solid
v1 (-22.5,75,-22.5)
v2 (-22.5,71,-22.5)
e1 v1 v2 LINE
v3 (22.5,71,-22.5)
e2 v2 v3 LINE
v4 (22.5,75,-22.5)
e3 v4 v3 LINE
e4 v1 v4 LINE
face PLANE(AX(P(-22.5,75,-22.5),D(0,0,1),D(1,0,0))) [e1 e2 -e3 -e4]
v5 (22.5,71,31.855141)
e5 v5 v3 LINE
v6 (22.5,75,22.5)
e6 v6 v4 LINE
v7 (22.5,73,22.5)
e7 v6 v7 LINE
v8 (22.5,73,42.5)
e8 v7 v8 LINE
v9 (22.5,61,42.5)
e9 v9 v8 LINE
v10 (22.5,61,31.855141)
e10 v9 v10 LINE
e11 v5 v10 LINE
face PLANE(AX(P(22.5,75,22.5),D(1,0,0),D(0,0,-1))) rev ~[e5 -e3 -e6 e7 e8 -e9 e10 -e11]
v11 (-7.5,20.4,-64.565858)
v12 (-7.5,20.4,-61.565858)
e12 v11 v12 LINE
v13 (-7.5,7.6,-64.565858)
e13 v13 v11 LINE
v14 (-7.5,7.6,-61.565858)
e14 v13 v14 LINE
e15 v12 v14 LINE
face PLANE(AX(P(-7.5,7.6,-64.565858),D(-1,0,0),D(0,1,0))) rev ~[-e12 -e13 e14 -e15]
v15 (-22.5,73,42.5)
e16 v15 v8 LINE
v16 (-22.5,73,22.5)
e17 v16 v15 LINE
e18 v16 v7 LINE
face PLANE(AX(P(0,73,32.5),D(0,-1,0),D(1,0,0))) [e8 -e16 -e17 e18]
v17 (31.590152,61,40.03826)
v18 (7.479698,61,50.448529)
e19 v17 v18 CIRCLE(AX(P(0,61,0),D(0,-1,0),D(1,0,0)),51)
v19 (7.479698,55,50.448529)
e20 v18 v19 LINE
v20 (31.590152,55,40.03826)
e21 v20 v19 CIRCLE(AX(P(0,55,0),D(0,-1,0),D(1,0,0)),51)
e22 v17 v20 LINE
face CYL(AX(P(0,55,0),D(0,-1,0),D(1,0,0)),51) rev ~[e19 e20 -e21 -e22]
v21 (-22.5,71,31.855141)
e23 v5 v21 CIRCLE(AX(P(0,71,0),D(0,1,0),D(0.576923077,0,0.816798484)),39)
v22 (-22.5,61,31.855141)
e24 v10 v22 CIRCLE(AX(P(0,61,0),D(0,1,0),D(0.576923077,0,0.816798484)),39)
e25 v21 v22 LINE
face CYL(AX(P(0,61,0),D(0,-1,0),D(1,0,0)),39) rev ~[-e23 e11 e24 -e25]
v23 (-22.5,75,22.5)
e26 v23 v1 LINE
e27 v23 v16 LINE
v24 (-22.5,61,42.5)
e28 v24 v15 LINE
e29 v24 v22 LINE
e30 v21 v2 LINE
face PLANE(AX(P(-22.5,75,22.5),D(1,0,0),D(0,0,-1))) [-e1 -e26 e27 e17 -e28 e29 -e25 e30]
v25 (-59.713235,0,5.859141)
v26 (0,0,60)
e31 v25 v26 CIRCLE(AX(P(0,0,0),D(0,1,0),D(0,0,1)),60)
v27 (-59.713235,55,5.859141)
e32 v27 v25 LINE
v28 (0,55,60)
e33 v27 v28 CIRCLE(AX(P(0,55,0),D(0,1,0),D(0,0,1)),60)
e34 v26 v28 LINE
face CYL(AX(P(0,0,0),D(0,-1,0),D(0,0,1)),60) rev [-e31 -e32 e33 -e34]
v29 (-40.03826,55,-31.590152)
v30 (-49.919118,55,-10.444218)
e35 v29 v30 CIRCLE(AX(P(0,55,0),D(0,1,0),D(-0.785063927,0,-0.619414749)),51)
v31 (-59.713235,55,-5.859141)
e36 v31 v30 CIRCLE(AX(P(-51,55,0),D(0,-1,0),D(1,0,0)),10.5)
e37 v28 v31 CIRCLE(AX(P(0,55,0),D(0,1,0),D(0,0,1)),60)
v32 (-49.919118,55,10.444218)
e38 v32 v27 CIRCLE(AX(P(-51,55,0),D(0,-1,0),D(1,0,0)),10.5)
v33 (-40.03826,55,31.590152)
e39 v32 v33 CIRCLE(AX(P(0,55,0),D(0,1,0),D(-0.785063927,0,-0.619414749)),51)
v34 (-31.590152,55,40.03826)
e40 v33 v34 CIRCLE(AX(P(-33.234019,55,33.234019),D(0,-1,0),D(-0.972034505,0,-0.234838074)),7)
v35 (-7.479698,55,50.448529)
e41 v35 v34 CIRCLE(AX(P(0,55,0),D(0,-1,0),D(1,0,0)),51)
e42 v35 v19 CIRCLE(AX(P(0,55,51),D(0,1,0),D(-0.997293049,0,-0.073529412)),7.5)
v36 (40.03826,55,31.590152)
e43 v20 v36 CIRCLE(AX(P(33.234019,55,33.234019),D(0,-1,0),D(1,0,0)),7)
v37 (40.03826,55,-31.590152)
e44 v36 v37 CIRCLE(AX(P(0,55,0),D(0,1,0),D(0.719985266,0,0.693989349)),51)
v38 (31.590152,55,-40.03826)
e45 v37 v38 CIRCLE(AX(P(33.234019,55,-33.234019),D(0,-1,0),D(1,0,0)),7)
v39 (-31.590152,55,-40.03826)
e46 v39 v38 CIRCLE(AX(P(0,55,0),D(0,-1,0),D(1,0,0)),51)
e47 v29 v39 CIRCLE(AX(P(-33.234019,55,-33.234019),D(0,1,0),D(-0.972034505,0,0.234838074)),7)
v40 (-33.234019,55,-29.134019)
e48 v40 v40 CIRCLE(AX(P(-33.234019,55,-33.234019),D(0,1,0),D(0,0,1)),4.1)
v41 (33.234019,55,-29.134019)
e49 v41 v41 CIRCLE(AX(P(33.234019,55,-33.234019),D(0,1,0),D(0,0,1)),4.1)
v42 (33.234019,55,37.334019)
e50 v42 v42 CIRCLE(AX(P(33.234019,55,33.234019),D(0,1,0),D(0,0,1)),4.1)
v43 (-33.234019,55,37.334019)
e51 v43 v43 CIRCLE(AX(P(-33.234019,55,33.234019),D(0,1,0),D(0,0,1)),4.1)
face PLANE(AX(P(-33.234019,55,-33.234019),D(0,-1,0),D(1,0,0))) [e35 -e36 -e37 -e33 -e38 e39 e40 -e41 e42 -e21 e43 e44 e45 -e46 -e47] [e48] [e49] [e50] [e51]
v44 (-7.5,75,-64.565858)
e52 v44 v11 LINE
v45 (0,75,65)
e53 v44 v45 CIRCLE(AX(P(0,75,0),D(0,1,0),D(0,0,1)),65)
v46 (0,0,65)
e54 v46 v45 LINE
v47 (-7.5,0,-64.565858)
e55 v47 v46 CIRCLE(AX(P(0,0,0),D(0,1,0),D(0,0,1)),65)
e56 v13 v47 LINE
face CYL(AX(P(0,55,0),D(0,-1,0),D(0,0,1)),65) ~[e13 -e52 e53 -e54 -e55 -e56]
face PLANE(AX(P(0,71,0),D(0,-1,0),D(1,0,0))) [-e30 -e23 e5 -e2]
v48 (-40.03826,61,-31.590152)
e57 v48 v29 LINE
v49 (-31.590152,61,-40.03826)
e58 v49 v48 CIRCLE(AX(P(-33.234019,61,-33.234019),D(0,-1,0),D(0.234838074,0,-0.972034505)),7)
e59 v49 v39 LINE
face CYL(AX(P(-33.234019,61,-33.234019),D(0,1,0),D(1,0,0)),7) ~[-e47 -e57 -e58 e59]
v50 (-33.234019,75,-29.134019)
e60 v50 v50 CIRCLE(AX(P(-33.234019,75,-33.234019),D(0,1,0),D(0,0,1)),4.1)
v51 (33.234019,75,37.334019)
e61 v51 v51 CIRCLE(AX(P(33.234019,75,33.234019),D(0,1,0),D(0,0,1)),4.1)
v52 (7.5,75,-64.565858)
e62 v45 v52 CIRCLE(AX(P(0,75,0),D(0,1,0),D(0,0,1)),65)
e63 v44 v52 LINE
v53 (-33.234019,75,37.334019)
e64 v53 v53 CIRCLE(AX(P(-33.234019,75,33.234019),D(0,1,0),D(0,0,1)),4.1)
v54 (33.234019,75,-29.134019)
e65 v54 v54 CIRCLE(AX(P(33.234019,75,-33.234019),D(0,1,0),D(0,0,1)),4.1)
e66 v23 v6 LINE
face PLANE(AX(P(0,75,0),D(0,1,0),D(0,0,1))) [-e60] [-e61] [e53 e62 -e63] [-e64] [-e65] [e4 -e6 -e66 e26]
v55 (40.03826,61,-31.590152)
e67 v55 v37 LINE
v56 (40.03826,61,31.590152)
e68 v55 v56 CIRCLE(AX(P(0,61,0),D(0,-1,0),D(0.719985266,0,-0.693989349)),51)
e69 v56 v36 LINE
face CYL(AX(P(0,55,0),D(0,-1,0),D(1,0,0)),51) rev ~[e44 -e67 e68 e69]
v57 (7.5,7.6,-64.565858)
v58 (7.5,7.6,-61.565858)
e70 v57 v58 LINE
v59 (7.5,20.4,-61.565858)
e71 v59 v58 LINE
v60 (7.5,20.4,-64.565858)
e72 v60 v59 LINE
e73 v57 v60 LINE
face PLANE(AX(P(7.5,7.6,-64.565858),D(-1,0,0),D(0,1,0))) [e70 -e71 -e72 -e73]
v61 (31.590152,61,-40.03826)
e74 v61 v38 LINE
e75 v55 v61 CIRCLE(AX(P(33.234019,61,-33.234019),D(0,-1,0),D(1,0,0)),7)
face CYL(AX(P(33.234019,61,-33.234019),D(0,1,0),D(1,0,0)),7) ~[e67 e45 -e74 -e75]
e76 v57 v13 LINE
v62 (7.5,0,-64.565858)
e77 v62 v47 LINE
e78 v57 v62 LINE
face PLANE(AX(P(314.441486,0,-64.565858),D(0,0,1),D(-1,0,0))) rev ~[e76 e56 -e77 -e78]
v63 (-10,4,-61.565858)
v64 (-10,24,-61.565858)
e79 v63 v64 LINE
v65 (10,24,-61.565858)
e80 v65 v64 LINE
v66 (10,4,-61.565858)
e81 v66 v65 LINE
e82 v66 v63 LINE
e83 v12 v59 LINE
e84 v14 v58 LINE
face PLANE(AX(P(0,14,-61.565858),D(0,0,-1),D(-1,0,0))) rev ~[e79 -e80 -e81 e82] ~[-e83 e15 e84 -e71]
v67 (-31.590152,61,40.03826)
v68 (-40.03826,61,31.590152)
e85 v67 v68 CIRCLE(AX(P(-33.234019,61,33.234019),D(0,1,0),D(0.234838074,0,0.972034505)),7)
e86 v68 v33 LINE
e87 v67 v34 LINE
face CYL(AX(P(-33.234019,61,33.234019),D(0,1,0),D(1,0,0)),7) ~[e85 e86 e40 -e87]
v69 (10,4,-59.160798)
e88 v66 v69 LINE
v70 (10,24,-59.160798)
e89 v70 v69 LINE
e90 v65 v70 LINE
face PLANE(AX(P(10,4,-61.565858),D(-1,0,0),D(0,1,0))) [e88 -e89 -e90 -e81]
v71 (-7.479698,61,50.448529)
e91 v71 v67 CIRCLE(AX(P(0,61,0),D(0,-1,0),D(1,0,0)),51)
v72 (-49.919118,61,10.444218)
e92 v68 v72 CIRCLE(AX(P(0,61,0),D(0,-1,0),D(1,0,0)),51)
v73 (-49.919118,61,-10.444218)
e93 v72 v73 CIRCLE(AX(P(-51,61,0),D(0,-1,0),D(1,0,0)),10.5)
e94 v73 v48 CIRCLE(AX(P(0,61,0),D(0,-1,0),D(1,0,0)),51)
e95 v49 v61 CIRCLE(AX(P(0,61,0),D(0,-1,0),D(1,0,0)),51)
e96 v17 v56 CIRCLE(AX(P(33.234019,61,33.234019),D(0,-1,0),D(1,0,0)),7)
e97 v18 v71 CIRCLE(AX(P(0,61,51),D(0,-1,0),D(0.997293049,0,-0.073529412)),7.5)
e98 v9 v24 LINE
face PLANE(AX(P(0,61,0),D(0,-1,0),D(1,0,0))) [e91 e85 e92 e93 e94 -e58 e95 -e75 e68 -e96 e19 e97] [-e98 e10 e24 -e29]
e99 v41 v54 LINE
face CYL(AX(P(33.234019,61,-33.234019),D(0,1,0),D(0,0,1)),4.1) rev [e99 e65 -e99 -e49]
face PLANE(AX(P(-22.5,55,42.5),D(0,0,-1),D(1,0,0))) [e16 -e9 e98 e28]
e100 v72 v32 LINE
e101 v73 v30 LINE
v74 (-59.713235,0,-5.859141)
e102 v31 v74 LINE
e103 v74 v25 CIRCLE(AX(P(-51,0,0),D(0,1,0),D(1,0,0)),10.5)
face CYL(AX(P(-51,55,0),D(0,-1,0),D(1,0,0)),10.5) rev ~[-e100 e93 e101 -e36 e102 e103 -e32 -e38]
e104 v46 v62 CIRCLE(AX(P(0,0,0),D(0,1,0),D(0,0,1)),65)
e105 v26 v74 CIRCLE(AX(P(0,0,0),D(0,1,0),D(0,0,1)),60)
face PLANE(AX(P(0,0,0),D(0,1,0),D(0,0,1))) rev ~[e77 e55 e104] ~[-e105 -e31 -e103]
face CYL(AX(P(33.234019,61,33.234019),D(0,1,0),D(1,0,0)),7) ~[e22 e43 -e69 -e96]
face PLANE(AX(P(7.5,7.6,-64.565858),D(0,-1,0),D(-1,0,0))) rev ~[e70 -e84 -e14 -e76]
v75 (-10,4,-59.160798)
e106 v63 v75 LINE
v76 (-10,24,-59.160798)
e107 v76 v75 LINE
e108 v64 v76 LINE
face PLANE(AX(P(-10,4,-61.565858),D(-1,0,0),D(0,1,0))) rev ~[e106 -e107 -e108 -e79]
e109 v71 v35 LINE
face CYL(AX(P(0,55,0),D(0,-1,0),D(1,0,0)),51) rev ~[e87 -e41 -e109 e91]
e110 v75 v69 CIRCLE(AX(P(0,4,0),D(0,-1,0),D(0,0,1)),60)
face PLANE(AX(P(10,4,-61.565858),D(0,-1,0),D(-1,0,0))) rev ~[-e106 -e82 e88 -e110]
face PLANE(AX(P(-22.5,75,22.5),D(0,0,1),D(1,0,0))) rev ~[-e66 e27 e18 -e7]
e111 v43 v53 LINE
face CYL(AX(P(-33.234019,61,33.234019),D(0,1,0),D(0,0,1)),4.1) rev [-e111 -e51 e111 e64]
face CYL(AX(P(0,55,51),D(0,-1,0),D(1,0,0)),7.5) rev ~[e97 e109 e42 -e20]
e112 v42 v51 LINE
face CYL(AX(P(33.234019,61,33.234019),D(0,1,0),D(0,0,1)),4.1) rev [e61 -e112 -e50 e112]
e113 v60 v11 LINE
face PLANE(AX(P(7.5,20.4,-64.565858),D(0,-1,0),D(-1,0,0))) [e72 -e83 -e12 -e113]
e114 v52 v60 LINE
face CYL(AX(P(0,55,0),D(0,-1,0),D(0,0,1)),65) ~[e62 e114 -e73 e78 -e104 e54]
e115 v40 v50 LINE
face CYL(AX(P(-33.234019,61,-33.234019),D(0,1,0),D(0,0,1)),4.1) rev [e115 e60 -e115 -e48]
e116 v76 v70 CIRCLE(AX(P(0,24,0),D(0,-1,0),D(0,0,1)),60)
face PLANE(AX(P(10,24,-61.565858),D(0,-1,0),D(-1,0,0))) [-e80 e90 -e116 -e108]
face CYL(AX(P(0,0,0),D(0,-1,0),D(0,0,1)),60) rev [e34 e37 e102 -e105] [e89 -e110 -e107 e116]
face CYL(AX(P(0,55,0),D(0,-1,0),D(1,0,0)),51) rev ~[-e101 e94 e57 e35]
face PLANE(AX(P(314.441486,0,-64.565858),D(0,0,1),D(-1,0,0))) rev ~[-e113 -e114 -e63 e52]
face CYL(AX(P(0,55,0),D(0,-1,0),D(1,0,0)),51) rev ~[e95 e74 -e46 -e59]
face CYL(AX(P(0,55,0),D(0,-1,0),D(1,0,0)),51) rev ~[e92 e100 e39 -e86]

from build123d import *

# Parameters (mm, degrees)
SKETCH1_R               = 65
SKETCH1_R_2             = 60
BOSS_EXTRUDE1_DEPTH     = 55
SKETCH2_R               = 65
BOSS_EXTRUDE2_DEPTH     = 20
SKETCH3_R               = 4.1
SKETCH3_W               = 45
SKETCH3_H               = 45
CUT_EXTRUDE1_DEPTH      = 76
SKETCH5_W               = 45
SKETCH5_H               = 20
CUT_EXTRUDE2_DEPTH      = 18
SKETCH6_R               = 51
CUT_EXTRUDE3_DEPTH      = 6
SKETCH7_R               = 7
SKETCH7_R_2             = 4.1
BOSS_EXTRUDE3_DEPTH     = 6
SKETCH8_R               = 39
CUT_EXTRUDE4_DEPTH      = 10
CUT_EXTRUDE5_DEPTH      = 1
CUT_EXTRUDE5_DEPTH_BACK = 76
SKETCH10_W              = 15
SKETCH10_H              = 12.8
CUT_EXTRUDE6_DEPTH      = 10
CUT_EXTRUDE7_START      = -3
SKETCH11_W              = 20
SKETCH11_H              = 20
CUT_EXTRUDE7_DEPTH      = 10
SKETCH12_R              = 7.5
CUT_EXTRUDE8_DEPTH      = 6
SKETCH13_R              = 10.5
CUT_EXTRUDE9_DEPTH      = 56
CUT_EXTRUDE9_DEPTH_BACK = 6


with BuildPart() as part:
    # Sketch1 → Boss-Extrude1 (new body)
    with BuildSketch(Plane(origin=(0, 0, 0), x_dir=(1, 0, 0), z_dir=(0, 1, 0))):
        with Locations(Location((0, 0, 0), (0, 0, 270))):  # turned: the seam where the file's is
            Circle(SKETCH1_R)
        with Locations(Location((0, 0, 0), (0, 0, 270))):  # turned: the seam where the file's is
            Circle(SKETCH1_R_2, mode=Mode.SUBTRACT)
    extrude(amount=BOSS_EXTRUDE1_DEPTH)

    # Sketch2 → Boss-Extrude2 (add)
    with BuildSketch(Plane(origin=(0, 55, 0), x_dir=(1, 0, 0), z_dir=(0, 1, 0))):
        with Locations(Location((0, 0, 0), (0, 0, 270))):  # turned: the seam where the file's is
            Circle(SKETCH2_R)
    extrude(amount=BOSS_EXTRUDE2_DEPTH)

    # Sketch3 → Cut-Extrude1 (cut, through all)
    with BuildSketch(Plane(origin=(0, 75, 0), x_dir=(1, 0, 0), z_dir=(0, 1, 0))):
        with Locations(Location((-33.234018716, -33.234018716, 0), (0, 0, 270))):  # turned: the seam where the file's is
            Circle(SKETCH3_R)
        with Locations(Location((-33.234018716, 33.234018716, 0), (0, 0, 270))):  # turned: the seam where the file's is
            Circle(SKETCH3_R)
        with Locations(Location((33.234018716, 33.234018716, 0), (0, 0, 270))):  # turned: the seam where the file's is
            Circle(SKETCH3_R)
        with Locations(Location((33.234018716, -33.234018716, 0), (0, 0, 270))):  # turned: the seam where the file's is
            Circle(SKETCH3_R)
        Rectangle(SKETCH3_W, SKETCH3_H)
    extrude(amount=-CUT_EXTRUDE1_DEPTH, mode=Mode.SUBTRACT)

    # Sketch5 → Cut-Extrude2 (cut)
    with BuildSketch(Plane.XZ.offset(-55)):
        with Locations((0, 32.5)):
            Rectangle(SKETCH5_W, SKETCH5_H)
    extrude(amount=-CUT_EXTRUDE2_DEPTH, mode=Mode.SUBTRACT)

    # Sketch6 → Cut-Extrude3 (cut)
    with BuildSketch(Plane.XZ.offset(-55)):
        Circle(SKETCH6_R)
    extrude(amount=-CUT_EXTRUDE3_DEPTH, mode=Mode.SUBTRACT)

    # Sketch7 → Boss-Extrude3 (add)
    with BuildSketch(Plane.XZ.offset(-61)):
        with Locations((-33.234018716, -33.234018716)):
            Circle(SKETCH7_R)
        with Locations(Location((-33.234018716, -33.234018716, 0), (0, 0, 90))):  # turned: the seam where the file's is
            Circle(SKETCH7_R_2, mode=Mode.SUBTRACT)
        with Locations((-33.234018716, 33.234018716)):
            Circle(SKETCH7_R)
        with Locations(Location((-33.234018716, 33.234018716, 0), (0, 0, 90))):  # turned: the seam where the file's is
            Circle(SKETCH7_R_2, mode=Mode.SUBTRACT)
        with Locations((33.234018716, -33.234018716)):
            Circle(SKETCH7_R)
        with Locations(Location((33.234018716, -33.234018716, 0), (0, 0, 90))):  # turned: the seam where the file's is
            Circle(SKETCH7_R_2, mode=Mode.SUBTRACT)
        with Locations((33.234018716, 33.234018716)):
            Circle(SKETCH7_R)
        with Locations(Location((33.234018716, 33.234018716, 0), (0, 0, 90))):  # turned: the seam where the file's is
            Circle(SKETCH7_R_2, mode=Mode.SUBTRACT)
    extrude(amount=BOSS_EXTRUDE3_DEPTH)

    # Sketch8 → Cut-Extrude4 (cut)
    with BuildSketch(Plane.XZ.offset(-61)):
        Circle(SKETCH8_R)
    extrude(amount=-CUT_EXTRUDE4_DEPTH, mode=Mode.SUBTRACT)

    # Sketch9 → Cut-Extrude5 (cut, two sides)
    with BuildSketch(Plane.XZ) as cut_extrude5_sk:
        Polygon((314.441485957, -64.565857851), (7.5, -64.565857851), (-7.5, -64.565857851), (-314.441485957, -64.565857851), (-314.441485957, -678.448829765), (314.441485957, -678.448829765), align=None)
    extrude(amount=CUT_EXTRUDE5_DEPTH, mode=Mode.SUBTRACT)
    extrude(cut_extrude5_sk.sketch, amount=-CUT_EXTRUDE5_DEPTH_BACK, mode=Mode.SUBTRACT)

    # Sketch10 → Cut-Extrude6 (cut)
    with BuildSketch(Plane(origin=(0, 0, -64.565857851), x_dir=(-1, 0, 0), z_dir=(0, 0, -1))):
        with Locations((0, 14)):
            Rectangle(SKETCH10_W, SKETCH10_H)
    extrude(amount=-CUT_EXTRUDE6_DEPTH, mode=Mode.SUBTRACT)

    # Sketch11 → Cut-Extrude7 (cut)
    with BuildSketch(Plane(origin=(0, 0, -64.565857851), x_dir=(-1, 0, 0), z_dir=(0, 0, -1)).offset(CUT_EXTRUDE7_START)):
        with Locations((0, 14)):
            Rectangle(SKETCH11_W, SKETCH11_H)
    extrude(amount=-CUT_EXTRUDE7_DEPTH, mode=Mode.SUBTRACT)

    # Sketch12 → Cut-Extrude8 (cut)
    with BuildSketch(Plane.XZ.offset(-55)):
        with Locations((0, 51)):
            Circle(SKETCH12_R)
    extrude(amount=-CUT_EXTRUDE8_DEPTH, mode=Mode.SUBTRACT)

    # Sketch13 → Cut-Extrude9 (cut, two sides)
    with BuildSketch(Plane.XZ.offset(-55)) as cut_extrude9_sk:
        with Locations((-51, 0)):
            Circle(SKETCH13_R)
    extrude(amount=CUT_EXTRUDE9_DEPTH, mode=Mode.SUBTRACT)
    extrude(cut_extrude9_sk.sketch, amount=-CUT_EXTRUDE9_DEPTH_BACK, mode=Mode.SUBTRACT)


solid = part.part
